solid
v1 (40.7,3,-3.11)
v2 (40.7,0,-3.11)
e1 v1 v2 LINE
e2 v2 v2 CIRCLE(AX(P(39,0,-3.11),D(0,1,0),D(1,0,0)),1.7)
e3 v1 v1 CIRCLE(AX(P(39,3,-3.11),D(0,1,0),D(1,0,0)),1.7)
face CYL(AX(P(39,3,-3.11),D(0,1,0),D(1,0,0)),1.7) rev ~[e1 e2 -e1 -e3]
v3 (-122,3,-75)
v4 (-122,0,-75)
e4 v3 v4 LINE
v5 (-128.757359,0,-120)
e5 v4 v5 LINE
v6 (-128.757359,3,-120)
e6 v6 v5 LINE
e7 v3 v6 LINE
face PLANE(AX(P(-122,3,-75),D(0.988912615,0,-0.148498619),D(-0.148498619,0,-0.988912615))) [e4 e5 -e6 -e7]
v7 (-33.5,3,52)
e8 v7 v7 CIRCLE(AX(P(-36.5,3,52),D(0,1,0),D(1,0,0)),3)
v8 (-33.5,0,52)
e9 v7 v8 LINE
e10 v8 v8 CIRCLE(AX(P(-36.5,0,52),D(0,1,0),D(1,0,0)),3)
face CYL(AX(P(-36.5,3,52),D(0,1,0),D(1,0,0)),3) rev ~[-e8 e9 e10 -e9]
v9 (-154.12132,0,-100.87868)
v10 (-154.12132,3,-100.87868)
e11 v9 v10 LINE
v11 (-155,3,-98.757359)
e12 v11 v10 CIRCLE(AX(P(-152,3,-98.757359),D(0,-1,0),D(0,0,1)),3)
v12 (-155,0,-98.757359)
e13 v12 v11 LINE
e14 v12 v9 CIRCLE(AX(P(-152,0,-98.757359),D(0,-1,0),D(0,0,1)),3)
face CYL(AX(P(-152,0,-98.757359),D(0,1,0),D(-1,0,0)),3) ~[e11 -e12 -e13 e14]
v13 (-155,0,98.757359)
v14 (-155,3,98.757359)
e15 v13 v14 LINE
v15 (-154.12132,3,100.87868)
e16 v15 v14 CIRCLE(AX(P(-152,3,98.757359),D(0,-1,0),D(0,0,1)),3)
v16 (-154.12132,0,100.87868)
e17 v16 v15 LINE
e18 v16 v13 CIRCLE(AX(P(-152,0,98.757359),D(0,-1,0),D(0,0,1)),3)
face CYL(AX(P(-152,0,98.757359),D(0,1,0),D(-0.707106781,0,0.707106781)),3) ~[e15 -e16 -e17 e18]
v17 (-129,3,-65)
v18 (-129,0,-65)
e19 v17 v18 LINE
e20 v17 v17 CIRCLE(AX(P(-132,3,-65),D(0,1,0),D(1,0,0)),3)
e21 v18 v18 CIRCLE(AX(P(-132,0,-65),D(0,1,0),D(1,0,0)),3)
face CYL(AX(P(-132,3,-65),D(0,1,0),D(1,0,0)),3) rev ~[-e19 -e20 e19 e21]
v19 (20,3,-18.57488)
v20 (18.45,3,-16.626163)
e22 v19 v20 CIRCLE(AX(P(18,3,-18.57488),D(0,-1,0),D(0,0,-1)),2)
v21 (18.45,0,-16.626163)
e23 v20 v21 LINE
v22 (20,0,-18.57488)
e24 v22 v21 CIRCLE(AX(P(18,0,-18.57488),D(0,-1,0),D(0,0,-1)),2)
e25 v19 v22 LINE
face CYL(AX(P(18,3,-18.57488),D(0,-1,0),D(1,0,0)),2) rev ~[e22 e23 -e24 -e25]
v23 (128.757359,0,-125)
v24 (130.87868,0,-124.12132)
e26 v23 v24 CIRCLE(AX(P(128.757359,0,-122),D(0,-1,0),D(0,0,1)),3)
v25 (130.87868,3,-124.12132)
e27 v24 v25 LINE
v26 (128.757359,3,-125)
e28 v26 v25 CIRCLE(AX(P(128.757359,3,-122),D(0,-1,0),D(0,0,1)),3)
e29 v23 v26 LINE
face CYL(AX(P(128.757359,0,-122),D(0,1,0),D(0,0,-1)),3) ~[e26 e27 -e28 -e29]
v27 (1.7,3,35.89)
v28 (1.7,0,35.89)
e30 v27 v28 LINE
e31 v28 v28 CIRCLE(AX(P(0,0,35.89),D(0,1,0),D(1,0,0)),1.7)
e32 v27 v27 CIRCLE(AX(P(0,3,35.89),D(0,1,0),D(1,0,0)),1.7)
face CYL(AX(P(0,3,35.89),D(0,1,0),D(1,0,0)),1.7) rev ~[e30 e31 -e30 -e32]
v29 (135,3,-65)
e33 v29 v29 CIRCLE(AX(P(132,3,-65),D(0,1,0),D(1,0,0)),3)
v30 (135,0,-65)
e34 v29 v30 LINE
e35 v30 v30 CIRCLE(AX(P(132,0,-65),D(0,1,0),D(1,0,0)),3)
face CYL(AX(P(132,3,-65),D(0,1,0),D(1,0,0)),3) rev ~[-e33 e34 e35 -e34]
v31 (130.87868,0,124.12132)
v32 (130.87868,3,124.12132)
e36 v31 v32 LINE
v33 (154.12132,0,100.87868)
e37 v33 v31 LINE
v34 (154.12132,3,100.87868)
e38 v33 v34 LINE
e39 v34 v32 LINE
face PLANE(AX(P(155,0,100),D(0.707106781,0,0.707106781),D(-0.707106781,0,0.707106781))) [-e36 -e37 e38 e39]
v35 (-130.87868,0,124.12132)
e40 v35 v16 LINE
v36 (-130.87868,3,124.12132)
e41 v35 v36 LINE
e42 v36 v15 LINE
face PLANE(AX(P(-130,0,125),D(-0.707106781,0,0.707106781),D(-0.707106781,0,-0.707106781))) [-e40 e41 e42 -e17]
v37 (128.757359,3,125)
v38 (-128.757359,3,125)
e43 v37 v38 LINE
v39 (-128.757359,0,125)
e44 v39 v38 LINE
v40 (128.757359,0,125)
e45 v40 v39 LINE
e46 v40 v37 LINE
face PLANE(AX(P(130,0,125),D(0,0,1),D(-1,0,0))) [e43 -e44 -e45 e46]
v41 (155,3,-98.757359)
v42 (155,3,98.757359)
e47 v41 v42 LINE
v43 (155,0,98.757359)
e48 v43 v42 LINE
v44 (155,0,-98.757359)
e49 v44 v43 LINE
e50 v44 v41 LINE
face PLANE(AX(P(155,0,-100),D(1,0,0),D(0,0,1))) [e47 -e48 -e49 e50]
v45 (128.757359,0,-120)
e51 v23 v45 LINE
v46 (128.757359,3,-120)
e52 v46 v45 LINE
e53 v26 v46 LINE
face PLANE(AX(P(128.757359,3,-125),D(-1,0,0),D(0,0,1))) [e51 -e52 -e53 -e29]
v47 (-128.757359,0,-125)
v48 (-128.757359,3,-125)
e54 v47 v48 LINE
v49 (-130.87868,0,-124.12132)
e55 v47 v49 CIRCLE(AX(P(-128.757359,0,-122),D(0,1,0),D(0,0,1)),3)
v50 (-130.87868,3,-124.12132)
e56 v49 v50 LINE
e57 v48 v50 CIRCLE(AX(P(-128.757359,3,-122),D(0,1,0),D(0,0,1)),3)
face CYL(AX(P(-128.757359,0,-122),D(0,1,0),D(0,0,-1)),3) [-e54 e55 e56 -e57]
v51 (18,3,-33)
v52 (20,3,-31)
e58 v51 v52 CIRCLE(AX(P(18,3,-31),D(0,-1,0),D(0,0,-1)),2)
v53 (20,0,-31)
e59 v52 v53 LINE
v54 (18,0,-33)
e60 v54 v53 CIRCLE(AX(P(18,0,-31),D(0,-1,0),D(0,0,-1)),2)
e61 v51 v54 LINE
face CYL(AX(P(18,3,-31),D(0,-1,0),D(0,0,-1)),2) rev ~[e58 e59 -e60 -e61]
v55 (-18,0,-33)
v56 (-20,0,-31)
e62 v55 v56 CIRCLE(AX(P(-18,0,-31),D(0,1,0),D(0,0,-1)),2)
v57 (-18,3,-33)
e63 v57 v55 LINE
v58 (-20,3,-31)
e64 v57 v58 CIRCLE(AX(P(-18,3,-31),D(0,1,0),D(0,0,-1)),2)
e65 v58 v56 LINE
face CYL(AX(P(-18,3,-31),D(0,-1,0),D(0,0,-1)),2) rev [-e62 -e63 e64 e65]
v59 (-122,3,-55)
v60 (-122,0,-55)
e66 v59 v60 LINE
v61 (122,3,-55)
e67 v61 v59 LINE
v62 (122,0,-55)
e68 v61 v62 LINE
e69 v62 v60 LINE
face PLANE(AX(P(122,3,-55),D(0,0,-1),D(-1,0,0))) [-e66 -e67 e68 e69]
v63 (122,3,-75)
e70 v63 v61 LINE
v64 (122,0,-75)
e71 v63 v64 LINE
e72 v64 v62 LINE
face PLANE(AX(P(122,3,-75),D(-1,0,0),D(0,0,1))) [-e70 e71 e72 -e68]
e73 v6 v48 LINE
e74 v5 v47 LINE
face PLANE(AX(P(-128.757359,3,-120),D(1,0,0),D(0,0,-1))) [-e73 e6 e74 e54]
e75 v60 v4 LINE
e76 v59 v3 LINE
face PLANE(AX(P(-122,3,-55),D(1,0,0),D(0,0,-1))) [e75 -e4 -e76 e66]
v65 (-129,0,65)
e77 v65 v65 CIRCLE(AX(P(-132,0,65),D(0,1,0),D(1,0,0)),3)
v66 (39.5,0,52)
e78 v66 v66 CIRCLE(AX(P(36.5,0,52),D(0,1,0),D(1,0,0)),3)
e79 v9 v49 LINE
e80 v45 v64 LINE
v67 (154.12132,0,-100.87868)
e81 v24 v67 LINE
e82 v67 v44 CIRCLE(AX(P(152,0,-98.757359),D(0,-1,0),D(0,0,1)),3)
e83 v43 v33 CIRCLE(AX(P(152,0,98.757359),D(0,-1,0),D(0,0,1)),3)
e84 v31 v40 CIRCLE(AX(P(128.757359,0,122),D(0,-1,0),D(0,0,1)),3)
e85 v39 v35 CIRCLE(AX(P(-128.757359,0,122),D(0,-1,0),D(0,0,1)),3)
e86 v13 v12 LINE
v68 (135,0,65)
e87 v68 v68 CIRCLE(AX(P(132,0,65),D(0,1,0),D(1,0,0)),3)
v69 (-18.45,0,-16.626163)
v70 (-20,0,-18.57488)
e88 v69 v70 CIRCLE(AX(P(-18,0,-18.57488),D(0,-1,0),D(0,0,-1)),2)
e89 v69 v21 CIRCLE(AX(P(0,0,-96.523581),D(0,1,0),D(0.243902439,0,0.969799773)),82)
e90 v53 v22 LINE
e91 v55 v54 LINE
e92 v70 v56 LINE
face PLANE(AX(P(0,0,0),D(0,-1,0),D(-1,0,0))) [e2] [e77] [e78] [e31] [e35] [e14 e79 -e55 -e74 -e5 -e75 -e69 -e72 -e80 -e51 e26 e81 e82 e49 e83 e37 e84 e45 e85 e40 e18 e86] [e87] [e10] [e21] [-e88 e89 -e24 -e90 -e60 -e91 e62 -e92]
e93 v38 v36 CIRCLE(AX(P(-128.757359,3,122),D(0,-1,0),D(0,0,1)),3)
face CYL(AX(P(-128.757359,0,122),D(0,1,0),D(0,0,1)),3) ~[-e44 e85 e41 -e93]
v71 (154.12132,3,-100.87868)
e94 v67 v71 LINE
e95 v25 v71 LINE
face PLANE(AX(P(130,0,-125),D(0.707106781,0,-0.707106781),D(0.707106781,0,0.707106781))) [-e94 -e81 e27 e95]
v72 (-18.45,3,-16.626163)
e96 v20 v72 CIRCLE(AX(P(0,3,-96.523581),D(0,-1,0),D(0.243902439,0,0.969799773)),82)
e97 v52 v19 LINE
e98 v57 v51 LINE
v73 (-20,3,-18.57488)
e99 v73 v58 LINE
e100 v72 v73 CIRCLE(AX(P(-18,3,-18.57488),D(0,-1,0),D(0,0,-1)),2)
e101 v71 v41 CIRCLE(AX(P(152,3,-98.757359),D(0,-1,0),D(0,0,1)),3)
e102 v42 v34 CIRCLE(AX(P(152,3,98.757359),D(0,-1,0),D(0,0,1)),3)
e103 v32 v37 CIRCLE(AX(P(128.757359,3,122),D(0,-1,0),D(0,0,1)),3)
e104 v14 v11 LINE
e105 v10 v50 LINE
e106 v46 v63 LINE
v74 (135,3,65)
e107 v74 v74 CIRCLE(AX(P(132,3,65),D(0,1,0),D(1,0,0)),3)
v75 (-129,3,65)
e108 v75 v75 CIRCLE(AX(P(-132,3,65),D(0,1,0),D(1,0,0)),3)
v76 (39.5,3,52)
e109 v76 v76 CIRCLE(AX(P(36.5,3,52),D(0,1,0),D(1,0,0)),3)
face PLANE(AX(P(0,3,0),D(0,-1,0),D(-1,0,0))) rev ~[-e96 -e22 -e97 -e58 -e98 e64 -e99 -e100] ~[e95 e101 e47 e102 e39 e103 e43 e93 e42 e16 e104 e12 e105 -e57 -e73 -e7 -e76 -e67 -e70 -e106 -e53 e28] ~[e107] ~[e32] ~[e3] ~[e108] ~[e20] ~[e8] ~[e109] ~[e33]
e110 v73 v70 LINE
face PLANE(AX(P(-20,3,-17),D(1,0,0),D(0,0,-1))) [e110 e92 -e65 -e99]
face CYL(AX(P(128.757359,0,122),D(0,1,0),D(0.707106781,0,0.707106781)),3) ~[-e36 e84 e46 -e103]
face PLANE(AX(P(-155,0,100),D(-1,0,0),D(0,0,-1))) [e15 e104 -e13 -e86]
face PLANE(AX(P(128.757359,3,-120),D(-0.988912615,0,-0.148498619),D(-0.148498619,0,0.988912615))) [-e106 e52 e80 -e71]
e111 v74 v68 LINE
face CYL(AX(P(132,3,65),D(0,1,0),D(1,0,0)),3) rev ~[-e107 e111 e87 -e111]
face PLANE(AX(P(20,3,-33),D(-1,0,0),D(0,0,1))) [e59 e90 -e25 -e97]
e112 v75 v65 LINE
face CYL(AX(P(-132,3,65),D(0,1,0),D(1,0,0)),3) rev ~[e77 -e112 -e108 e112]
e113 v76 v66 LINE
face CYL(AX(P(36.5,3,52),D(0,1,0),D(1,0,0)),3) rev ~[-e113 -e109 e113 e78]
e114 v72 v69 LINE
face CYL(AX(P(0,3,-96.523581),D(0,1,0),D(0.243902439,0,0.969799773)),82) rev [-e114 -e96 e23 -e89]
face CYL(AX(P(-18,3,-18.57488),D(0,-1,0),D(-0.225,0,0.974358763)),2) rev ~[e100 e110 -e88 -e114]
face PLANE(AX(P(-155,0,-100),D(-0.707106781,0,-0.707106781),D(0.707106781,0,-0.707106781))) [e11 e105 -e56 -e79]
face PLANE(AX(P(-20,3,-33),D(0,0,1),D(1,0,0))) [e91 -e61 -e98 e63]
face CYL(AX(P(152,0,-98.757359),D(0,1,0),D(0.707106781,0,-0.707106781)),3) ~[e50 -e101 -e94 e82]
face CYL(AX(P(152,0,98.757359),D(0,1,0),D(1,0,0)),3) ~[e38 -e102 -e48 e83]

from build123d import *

# Parameters (mm, degrees)
BOSS_EXTRU_1_DEPTH      = 3
CONG_1_R                = 3
ESQUISSE2_R             = 3
PER_AGE_PROFIL_DEPTH    = 4
ESQUISSE3_R             = 3
ENL_V_MAT_EXTRU_1_DEPTH = 4
ENL_V_MAT_EXTRU_3_REACH = 5
ESQUISSE5_R             = 1.7
ENL_V_MAT_EXTRU_4_REACH = 5
CONG_2_R                = 2
ENL_V_MAT_EXTRU_2_REACH = 5


with BuildPart() as part:
    # Esquisse1 → Boss.-Extru.1 (new body)
    with BuildSketch(Plane(origin=(0, 0, 0), x_dir=(1, 0, 0), z_dir=(0, 1, 0))):
        Polygon((-130, 125), (130, 125), (155, 100), (155, -100), (130, -125), (-130, -125), (-155, -100), (-155, 100), align=None)
    extrude(amount=BOSS_EXTRU_1_DEPTH)

    # Congé1
    cong_1_edges = [part.edges().sort_by_distance(p)[0] for p in [
        (155, 1.5, -100),
        (155, 1.5, 100),
        (130, 1.5, 125),
        (-130, 1.5, 125),
        (-155, 1.5, 100),
        (-155, 1.5, -100),
        (-130, 1.5, -125),
        (130, 1.5, -125),
    ]]
    fillet(cong_1_edges, radius=CONG_1_R)

    # Esquisse2 → Perçage Profilé (cut, through all)
    with BuildSketch(Plane(origin=(0, 3, 0), x_dir=(1, 0, 0), z_dir=(0, 1, 0))):
        with Locations((-132, 65)):
            Circle(ESQUISSE2_R)
        with Locations((-132, -65)):
            Circle(ESQUISSE2_R)
        with Locations((132, -65)):
            Circle(ESQUISSE2_R)
        with Locations((132, 65)):
            Circle(ESQUISSE2_R)
    extrude(amount=-PER_AGE_PROFIL_DEPTH, mode=Mode.SUBTRACT)

    # Esquisse3 → Enlèv. mat.-Extru.1 (cut, through all)
    with BuildSketch(Plane(origin=(0, 3, 0), x_dir=(1, 0, 0), z_dir=(0, 1, 0))):
        with Locations((-36.5, -52)):
            Circle(ESQUISSE3_R)
        with Locations((36.5, -52)):
            Circle(ESQUISSE3_R)
    extrude(amount=-ENL_V_MAT_EXTRU_1_DEPTH, mode=Mode.SUBTRACT)

    # Esquisse5 → Enlèv. mat.-Extru.3 (cut, up to next)
    with BuildSketch(Plane(origin=(0, 3, 0), x_dir=(1, 0, 0), z_dir=(0, 1, 0)), mode=Mode.PRIVATE) as enl_v_mat_extru_3_sk1:
        with Locations((0, -35.89)):
            Circle(ESQUISSE5_R)
    enl_v_mat_extru_3_tool1 = extrude(enl_v_mat_extru_3_sk1.sketch, amount=-ENL_V_MAT_EXTRU_3_REACH, mode=Mode.PRIVATE) & part.part
    add(enl_v_mat_extru_3_tool1.solids().sort_by_distance((0, 3, 35.89))[0], mode=Mode.SUBTRACT)
    # Esquisse5 → Enlèv. mat.-Extru.3 (cut, up to next)
    with BuildSketch(Plane(origin=(0, 3, 0), x_dir=(1, 0, 0), z_dir=(0, 1, 0)), mode=Mode.PRIVATE) as enl_v_mat_extru_3_sk2:
        with Locations((39, 3.11)):
            Circle(ESQUISSE5_R)
    enl_v_mat_extru_3_tool2 = extrude(enl_v_mat_extru_3_sk2.sketch, amount=-ENL_V_MAT_EXTRU_3_REACH, mode=Mode.PRIVATE) & part.part
    add(enl_v_mat_extru_3_tool2.solids().sort_by_distance((39, 3, -3.11))[0], mode=Mode.SUBTRACT)

    # Esquisse6 → Enlèv. mat.-Extru.4 (cut, up to next)
    with BuildSketch(Plane(origin=(0, 3, 0), x_dir=(1, 0, 0), z_dir=(0, 1, 0)), mode=Mode.PRIVATE) as enl_v_mat_extru_4_sk1:
        with BuildLine():
            Line((-20, 33), (20, 33))
            Line((20, 33), (20, 17))
            ThreePointArc((20, 17), (0, 14.523581408), (-20, 17))
            Line((-20, 17), (-20, 33))
        make_face()
    enl_v_mat_extru_4_tool1 = extrude(enl_v_mat_extru_4_sk1.sketch, amount=-ENL_V_MAT_EXTRU_4_REACH, mode=Mode.PRIVATE) & part.part
    add(enl_v_mat_extru_4_tool1.solids().sort_by_distance((0, 3, -24.156632))[0], mode=Mode.SUBTRACT)

    # Congé2
    cong_2_edges = [part.edges().sort_by_distance(p)[0] for p in [
        (-20, 1.5, -17),
        (-20, 1.5, -33),
        (20, 1.5, -33),
        (20, 1.5, -17),
    ]]
    fillet(cong_2_edges, radius=CONG_2_R)

    # Esquisse4 → Enlèv. mat.-Extru.2 (cut, up to next)
    with BuildSketch(Plane(origin=(0, 3, 0), x_dir=(1, 0, 0), z_dir=(0, 1, 0)), mode=Mode.PRIVATE) as enl_v_mat_extru_2_sk1:
        Polygon((122, 55), (-122, 55), (-122, 75), (-128.757359313, 120), (-128.757359313, 125), (128.757359313, 125), (128.757359313, 120), (122, 75), align=None)
    enl_v_mat_extru_2_tool1 = extrude(enl_v_mat_extru_2_sk1.sketch, amount=-ENL_V_MAT_EXTRU_2_REACH, mode=Mode.PRIVATE) & part.part
    add(enl_v_mat_extru_2_tool1.solids().sort_by_distance((0, 3, -90.387205))[0], mode=Mode.SUBTRACT)


solid = part.part
